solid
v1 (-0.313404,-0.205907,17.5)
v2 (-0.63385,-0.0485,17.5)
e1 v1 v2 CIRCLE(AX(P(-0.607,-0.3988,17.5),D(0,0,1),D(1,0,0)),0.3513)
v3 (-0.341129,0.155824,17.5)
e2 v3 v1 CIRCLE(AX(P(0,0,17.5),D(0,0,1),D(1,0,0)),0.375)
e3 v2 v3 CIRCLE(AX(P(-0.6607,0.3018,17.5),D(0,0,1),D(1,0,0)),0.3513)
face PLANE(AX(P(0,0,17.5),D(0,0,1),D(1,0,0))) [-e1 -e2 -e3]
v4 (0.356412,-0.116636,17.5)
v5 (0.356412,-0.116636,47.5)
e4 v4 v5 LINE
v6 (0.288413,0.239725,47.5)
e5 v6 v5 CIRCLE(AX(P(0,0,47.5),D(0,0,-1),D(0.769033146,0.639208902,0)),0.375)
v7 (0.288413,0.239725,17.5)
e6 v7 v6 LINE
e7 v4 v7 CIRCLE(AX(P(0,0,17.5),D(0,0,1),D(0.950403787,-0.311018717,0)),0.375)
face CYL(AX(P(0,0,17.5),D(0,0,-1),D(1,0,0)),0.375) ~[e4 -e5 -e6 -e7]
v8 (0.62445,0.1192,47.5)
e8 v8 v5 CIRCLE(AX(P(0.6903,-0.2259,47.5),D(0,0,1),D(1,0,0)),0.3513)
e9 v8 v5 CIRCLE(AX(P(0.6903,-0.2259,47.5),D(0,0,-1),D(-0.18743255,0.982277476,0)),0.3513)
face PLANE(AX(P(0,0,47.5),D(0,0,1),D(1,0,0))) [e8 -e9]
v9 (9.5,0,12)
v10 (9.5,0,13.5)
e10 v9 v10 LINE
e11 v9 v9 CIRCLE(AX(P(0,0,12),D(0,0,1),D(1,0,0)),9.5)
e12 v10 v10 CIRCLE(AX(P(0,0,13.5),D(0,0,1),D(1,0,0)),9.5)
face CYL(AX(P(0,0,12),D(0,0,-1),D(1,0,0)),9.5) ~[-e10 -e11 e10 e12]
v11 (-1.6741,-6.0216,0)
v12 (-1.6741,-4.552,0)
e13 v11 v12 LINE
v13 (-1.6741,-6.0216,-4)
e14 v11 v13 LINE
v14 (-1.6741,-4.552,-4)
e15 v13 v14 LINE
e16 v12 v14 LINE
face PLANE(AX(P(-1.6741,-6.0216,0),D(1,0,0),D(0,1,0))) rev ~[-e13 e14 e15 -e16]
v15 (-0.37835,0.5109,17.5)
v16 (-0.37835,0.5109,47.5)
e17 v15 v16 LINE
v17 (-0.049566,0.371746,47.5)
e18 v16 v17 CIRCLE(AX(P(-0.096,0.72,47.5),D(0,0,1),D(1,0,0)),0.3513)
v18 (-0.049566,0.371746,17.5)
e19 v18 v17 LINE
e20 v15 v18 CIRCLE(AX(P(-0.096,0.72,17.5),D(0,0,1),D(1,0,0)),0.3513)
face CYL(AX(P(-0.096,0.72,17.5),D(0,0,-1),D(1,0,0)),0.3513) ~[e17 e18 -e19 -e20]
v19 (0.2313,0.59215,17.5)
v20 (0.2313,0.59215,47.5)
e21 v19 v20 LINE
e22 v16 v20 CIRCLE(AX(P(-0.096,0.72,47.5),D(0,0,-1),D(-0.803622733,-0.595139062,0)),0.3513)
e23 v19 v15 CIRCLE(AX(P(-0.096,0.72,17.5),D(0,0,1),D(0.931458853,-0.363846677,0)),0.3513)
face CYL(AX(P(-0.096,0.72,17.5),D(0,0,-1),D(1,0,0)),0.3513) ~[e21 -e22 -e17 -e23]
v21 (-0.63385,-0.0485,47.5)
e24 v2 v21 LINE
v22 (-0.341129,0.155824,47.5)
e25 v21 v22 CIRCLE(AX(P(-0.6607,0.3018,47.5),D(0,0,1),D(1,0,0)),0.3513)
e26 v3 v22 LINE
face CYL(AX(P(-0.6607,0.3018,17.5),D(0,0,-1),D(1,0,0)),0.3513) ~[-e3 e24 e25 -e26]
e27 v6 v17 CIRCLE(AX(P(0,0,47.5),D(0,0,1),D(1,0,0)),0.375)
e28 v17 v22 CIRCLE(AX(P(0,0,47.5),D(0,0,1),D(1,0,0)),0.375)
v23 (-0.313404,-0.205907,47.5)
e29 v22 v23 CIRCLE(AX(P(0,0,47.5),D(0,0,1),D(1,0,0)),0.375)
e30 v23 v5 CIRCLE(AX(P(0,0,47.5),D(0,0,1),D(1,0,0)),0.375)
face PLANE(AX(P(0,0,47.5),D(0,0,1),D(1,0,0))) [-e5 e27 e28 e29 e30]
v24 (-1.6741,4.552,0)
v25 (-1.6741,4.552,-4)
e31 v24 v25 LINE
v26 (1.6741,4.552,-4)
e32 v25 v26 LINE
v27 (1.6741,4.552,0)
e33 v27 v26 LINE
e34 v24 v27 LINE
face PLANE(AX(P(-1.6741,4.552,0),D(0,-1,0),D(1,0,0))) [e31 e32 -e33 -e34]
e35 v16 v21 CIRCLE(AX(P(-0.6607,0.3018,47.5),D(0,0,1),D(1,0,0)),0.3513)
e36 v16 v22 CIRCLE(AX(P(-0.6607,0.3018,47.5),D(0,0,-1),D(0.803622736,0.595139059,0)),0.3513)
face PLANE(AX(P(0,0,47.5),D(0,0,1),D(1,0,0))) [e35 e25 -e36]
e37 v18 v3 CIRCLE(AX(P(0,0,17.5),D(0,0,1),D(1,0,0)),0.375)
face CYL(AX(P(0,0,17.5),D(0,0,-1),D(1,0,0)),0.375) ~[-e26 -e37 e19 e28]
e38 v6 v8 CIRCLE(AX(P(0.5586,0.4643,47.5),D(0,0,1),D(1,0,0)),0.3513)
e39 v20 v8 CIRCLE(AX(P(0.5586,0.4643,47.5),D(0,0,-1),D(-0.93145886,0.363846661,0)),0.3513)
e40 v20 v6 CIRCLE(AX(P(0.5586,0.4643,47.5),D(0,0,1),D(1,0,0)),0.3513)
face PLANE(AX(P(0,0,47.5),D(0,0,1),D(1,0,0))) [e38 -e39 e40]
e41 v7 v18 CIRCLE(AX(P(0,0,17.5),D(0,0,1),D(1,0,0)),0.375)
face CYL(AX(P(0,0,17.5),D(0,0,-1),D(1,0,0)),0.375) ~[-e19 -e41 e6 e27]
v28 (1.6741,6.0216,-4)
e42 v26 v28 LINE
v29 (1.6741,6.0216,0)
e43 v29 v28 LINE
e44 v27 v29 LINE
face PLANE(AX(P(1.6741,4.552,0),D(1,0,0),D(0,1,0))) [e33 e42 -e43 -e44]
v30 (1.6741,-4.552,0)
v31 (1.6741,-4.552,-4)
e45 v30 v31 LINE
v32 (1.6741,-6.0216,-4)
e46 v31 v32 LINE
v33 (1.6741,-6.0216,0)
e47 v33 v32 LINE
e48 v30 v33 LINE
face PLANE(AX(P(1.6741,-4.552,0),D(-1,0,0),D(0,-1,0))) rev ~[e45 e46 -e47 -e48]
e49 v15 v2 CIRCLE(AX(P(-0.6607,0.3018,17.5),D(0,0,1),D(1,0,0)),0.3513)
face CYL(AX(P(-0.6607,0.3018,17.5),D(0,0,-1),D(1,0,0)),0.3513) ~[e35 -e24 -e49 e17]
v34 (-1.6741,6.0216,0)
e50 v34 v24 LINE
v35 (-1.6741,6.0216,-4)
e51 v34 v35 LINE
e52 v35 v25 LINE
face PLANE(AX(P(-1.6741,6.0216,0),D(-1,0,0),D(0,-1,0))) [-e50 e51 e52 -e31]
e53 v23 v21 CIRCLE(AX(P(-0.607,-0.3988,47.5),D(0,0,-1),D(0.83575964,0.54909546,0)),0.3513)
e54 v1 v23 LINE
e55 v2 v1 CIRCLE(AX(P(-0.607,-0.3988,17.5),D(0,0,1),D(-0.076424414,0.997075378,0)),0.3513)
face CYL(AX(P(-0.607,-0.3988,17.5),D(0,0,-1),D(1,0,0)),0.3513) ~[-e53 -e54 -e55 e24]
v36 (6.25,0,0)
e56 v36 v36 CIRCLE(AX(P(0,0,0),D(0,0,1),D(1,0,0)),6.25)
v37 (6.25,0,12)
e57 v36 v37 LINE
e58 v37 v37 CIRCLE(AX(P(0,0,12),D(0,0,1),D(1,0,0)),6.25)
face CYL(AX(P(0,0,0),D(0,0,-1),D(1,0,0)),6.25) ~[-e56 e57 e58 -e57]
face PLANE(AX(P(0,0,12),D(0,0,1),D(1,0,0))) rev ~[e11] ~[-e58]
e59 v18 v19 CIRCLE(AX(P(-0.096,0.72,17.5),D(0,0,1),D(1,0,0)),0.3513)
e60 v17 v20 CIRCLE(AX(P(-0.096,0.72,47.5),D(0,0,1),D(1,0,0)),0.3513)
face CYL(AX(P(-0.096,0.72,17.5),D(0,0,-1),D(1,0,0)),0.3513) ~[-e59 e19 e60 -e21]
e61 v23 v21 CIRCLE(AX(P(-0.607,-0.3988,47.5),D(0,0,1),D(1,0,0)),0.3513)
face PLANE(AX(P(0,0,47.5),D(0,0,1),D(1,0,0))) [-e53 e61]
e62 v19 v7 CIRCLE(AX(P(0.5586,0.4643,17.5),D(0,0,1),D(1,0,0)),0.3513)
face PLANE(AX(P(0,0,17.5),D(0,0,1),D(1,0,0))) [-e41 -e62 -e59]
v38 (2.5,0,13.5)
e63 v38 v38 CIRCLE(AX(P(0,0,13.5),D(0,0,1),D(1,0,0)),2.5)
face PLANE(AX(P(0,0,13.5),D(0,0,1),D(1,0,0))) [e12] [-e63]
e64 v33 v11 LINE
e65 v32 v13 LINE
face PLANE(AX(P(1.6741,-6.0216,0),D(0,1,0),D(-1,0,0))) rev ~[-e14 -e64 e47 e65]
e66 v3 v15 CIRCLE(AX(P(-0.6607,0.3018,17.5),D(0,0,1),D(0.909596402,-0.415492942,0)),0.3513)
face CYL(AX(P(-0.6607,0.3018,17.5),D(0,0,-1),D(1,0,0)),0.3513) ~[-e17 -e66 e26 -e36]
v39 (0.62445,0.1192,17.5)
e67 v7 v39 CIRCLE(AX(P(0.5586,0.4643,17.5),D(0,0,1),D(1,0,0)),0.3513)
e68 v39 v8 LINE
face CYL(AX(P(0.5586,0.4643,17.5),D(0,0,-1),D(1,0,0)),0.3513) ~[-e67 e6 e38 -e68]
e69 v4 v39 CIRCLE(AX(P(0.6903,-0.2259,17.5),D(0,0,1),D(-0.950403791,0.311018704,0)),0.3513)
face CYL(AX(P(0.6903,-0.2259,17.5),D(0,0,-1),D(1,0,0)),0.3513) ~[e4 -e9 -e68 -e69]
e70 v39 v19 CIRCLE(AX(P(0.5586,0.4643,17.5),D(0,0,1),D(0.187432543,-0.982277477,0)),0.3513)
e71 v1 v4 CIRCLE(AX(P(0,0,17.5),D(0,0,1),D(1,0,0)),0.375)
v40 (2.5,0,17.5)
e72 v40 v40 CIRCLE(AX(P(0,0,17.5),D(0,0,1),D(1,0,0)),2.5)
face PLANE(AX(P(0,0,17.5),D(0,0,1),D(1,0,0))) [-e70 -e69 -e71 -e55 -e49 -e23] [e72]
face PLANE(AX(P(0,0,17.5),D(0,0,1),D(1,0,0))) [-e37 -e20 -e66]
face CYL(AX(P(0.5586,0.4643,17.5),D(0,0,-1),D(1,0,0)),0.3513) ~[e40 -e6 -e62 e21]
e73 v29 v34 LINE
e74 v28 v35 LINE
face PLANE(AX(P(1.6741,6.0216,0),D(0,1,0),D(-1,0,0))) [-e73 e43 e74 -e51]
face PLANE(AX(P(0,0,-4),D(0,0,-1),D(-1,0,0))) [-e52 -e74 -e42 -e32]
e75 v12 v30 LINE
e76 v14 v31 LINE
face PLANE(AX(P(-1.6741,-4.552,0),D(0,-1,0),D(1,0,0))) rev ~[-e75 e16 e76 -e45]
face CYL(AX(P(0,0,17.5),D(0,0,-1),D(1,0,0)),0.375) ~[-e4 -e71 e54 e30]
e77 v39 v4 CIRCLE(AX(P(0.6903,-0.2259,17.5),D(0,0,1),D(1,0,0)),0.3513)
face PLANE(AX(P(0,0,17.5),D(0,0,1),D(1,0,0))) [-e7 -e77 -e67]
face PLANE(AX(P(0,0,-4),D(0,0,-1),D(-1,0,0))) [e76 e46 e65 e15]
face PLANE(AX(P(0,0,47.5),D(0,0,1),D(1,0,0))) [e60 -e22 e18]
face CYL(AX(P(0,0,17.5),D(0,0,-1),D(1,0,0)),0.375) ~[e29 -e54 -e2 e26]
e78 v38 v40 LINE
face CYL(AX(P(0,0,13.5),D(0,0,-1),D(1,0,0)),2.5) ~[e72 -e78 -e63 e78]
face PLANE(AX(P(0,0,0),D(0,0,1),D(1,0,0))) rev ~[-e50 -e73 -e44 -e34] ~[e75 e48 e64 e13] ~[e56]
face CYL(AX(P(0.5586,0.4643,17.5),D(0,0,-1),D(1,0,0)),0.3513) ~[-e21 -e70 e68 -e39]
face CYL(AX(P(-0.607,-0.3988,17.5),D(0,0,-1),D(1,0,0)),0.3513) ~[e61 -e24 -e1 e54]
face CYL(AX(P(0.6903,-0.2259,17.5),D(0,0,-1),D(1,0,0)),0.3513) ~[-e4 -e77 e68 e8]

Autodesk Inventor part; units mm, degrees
ref_plane "YZ Plane" through (0, 0, 0) normal (1, 0, 0) x (0, 1, 0)
ref_plane "XZ Plane" through (0, 0, 0) normal (0, 1, 0) x (-1, 0, 0)
ref_plane "XY Plane" through (0, 0, 0) normal (0, 0, 1) x (1, 0, 0)
sketch "Skizze1" plane through (0, 0, 0) normal (0, 0, 1) x (1, 0, 0)
  circle A0 centre (0, 0) radius 6.25
  dimension "d0" = 12.5
extrude "Extrusion1" add sketch "Skizze1" along normal blind 12
sketch "Skizze2" plane through (0, 0, 12) normal (0, 0, 1) x (1, 0, 0)
  circle A0 centre (0, 0) radius 9.5
  dimension "d3" = 19
extrude "Extrusion2" add sketch "Skizze2" along normal blind 1.5
sketch "Skizze3" plane through (0, 0, 13.5) normal (0, 0, 1) x (1, 0, 0)
  circle A0 centre (0, 0) radius 2.5
  dimension "d6" = 5
extrude "Extrusion3" add sketch "Skizze3" along normal blind 4
sketch "Skizze4" plane through (0, 0, 17.5) normal (0, 0, 1) x (1, 0, 0)
  circle A0 centre (0, 0) radius 0.375
  circle A1 centre (-0.607, -0.3988) radius 0.3513
  circle A2 centre (-0.6607, 0.3018) radius 0.3513
  circle A3 centre (-0.096, 0.72) radius 0.3513
  circle A4 centre (0.5586, 0.4643) radius 0.3513
  circle A5 centre (0.6903, -0.2259) radius 0.3513
  dimension "d9" = 0.75
extrude "Extrusion4" add sketch "Skizze4" along normal blind 30 contours A0 | A4 | A5 | A3 | A1 | A2
sketch "Skizze5" plane through (0, 0, 0) normal (0, 0, -1) x (-1, 0, 0)
  circle A0 centre (0, 0) radius 6.25 construction
  line L0 (1.6741, 4.552) -> (-1.6741, 4.552)
  line L1 (-1.6741, 4.552) -> (-1.6741, 6.0216)
  line L2 (-1.6741, 6.0216) -> (1.6741, 6.0216)
  line L3 (1.6741, 6.0216) -> (1.6741, 4.552)
  line L4 (1.6741, -4.552) -> (-1.6741, -4.552)
  line L5 (-1.6741, -4.552) -> (-1.6741, -6.0216)
  line L6 (-1.6741, -6.0216) -> (1.6741, -6.0216)
  line L7 (1.6741, -6.0216) -> (1.6741, -4.552)
  circle A1 centre (0, 0) radius 6.25 construction
  line L8 (0, 6.0216) -> (0, -6.0216) construction
extrude "Extrusion5" add sketch "Skizze5" along normal blind 4
properties part number "Slipring_SNM012A-06" material "ABS-Kunststoff"
